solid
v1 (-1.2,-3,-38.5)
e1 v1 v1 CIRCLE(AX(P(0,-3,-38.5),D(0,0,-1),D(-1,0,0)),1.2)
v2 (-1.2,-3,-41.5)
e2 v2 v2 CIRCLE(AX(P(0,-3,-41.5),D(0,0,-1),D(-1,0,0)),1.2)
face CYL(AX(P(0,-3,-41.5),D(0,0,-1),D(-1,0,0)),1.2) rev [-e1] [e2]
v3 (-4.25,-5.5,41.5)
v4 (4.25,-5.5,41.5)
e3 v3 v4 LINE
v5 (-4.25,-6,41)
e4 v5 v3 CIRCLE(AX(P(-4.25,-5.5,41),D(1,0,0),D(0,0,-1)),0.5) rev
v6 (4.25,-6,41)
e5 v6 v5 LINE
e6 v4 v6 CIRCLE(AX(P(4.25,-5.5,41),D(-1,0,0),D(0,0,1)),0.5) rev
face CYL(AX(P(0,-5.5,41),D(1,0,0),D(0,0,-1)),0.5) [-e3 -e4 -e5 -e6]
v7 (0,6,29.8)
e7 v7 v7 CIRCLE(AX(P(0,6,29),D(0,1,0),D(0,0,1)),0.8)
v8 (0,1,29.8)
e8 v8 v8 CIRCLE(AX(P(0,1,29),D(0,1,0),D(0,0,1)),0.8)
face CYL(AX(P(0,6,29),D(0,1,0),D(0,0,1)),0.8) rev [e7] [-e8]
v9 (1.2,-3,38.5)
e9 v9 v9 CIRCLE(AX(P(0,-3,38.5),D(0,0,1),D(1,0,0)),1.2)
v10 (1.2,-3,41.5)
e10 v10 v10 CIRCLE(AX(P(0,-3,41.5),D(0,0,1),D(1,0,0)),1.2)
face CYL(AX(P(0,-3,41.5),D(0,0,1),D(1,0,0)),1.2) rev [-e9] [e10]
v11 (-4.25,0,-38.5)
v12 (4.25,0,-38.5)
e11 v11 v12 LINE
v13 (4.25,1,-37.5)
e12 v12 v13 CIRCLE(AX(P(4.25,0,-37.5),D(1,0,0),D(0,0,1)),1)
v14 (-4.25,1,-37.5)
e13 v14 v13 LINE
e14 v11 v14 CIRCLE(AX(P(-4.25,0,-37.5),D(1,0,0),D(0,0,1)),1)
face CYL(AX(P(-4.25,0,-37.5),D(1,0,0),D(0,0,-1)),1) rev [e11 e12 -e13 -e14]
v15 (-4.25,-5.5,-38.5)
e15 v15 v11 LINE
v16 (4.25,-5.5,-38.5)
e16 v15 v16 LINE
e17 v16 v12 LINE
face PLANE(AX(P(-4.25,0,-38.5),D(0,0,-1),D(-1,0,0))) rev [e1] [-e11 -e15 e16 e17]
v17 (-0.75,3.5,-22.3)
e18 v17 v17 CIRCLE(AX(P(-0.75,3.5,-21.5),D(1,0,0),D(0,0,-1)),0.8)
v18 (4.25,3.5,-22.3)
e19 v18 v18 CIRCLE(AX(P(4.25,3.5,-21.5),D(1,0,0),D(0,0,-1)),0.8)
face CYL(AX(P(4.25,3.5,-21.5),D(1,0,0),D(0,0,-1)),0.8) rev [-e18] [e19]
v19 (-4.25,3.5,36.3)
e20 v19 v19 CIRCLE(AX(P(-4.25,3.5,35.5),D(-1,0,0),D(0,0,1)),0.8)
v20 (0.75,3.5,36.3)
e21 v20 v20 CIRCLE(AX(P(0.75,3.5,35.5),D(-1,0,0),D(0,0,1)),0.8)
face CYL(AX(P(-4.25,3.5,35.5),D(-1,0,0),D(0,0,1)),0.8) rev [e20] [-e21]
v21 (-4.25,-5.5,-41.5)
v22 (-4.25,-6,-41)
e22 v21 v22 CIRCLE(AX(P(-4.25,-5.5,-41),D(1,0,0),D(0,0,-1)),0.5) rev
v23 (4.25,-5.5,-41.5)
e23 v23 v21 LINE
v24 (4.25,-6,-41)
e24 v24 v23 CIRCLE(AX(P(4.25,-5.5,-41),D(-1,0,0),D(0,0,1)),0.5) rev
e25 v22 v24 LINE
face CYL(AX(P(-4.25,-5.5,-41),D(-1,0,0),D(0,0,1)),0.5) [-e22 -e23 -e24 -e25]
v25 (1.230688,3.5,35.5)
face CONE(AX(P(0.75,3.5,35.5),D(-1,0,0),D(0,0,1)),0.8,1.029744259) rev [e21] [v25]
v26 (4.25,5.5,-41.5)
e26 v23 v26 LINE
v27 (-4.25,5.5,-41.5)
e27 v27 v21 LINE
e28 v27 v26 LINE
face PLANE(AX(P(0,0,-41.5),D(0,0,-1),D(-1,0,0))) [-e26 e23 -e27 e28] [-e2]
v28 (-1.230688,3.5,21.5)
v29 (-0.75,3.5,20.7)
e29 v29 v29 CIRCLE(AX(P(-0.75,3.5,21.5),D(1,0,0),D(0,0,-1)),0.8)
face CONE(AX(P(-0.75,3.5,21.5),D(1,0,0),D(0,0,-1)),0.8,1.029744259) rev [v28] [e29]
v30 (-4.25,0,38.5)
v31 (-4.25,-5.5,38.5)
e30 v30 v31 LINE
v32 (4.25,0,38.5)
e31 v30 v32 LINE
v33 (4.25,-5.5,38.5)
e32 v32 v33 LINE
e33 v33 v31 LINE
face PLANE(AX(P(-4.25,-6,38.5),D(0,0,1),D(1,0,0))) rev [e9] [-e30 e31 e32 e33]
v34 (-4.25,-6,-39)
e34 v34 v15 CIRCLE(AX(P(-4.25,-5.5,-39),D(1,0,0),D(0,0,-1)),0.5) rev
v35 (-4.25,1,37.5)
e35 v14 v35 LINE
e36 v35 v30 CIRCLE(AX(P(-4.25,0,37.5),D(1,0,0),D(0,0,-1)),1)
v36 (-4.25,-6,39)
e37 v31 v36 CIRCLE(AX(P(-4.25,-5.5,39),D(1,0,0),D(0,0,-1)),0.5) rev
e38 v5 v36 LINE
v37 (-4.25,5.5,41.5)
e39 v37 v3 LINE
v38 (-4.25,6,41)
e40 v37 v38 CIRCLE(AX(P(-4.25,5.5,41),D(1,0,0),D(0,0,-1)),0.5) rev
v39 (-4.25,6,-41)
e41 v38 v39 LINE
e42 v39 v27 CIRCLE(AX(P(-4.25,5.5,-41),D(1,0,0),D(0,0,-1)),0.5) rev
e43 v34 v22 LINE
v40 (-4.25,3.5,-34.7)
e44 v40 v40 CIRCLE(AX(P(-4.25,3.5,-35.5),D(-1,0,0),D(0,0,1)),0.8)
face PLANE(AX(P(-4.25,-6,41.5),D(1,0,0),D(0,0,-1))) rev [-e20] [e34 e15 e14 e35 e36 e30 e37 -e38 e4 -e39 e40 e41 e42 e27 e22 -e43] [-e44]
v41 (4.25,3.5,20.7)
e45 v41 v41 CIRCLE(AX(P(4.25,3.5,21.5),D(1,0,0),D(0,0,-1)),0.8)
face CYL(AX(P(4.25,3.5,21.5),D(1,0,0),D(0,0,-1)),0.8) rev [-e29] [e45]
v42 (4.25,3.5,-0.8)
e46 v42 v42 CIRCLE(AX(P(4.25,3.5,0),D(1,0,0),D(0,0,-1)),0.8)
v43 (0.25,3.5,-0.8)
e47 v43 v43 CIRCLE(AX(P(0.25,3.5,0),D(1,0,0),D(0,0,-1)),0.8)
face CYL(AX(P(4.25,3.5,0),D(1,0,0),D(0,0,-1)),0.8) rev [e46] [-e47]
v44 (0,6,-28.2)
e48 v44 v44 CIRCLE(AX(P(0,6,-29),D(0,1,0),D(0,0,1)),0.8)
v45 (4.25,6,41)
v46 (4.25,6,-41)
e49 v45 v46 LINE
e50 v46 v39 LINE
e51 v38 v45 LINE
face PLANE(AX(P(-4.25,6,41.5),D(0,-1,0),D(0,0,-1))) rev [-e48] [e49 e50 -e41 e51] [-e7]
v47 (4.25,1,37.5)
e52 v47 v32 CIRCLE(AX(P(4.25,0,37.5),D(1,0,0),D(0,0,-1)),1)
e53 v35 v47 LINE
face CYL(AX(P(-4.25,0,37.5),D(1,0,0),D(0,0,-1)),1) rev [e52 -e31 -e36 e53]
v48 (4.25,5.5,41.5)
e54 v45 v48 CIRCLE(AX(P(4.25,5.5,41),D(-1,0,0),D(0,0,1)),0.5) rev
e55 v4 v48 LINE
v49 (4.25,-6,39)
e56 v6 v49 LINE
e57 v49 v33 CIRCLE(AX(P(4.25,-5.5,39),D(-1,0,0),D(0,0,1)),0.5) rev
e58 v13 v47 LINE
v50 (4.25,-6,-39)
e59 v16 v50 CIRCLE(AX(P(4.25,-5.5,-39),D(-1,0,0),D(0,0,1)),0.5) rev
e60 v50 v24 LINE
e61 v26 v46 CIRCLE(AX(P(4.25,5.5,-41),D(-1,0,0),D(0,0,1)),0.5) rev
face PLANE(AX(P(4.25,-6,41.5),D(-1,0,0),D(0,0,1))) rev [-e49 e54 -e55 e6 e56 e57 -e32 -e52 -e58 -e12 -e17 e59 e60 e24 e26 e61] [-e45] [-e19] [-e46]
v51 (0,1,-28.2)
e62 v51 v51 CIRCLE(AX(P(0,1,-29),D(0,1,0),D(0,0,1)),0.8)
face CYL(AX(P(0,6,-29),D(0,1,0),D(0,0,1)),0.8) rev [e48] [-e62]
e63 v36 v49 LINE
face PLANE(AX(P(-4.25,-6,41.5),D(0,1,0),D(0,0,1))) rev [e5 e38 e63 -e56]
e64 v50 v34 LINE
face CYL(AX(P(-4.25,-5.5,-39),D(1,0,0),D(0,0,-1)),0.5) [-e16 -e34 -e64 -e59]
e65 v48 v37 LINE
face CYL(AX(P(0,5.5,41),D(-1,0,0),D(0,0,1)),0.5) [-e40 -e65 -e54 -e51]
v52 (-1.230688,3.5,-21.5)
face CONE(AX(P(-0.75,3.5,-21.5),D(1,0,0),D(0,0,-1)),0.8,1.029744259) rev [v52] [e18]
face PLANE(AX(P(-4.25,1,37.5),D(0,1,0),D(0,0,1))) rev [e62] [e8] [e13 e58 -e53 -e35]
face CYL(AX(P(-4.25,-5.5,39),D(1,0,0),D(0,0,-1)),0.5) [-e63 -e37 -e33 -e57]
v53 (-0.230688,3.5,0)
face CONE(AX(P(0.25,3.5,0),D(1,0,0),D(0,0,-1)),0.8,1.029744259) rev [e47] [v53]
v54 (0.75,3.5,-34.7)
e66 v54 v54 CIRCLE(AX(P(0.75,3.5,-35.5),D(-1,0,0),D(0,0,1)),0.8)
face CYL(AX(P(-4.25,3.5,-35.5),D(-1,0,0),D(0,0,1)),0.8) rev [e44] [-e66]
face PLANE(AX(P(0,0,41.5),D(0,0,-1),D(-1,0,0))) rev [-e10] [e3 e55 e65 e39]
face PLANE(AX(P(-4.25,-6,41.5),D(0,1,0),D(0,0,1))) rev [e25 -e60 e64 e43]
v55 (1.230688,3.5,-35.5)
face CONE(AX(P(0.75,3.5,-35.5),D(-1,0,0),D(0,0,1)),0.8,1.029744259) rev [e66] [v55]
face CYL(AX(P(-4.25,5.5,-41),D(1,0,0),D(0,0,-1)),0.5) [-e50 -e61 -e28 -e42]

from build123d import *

# Parameters (mm, degrees)
SKETCH1_W           = 8.5
SKETCH1_H           = 12
BOSS_EXTRUDE1_DEPTH = 41.5
CUT_EXTRUDE1_DEPTH  = 43.784342931
FILLET1_R           = 0.5
M2_HOLE1_R_D        = 1.6
M2_HOLE1_R_DEPTH    = 5
M2_HOLE1_R_TIP      = 0.480688495
M2_HOLE2_T_D        = 1.6
M2_HOLE2_T_DEPTH    = 4
M2_HOLE2_T_TIP      = 0.480688495
M2_HOLE3_U_D        = 2.4
M2_HOLE3_U_DEPTH    = 10
M2_HOLE3_U_TIP      = 0.721032743
M2_HOLE4_V_D        = 1.6
M2_HOLE5_W_D        = 1.6
M2_HOLE5_W_DEPTH    = 5
M2_HOLE5_W_TIP      = 0.480688495
M2_HOLE6_Y_D        = 2.4
M2_HOLE6_Y_DEPTH    = 10
M2_HOLE6_Y_TIP      = 0.721032743


with BuildPart() as part:
    # Sketch1 → Boss-Extrude1 (new, symmetric)
    with BuildSketch(Plane.XY):
        Rectangle(SKETCH1_W, SKETCH1_H)
    extrude(amount=BOSS_EXTRUDE1_DEPTH, both=True)

    # Sketch2 → Cut-Extrude1 (cut, through all)
    with BuildSketch(Plane(origin=(4.25, 0, 0), x_dir=(0, 0, -1), z_dir=(1, 0, 0))):
        with BuildLine():
            Line((-37.5, 1), (37.5, 1))
            ThreePointArc((37.5, 1), (38.207106781, 0.707106781), (38.5, 0))
            Line((38.5, 0), (38.5, -6))
            Line((38.5, -6), (-38.5, -6))
            Line((-38.5, -6), (-38.5, 0))
            ThreePointArc((-38.5, 0), (-38.207106781, 0.707106781), (-37.5, 1))
        make_face()
    extrude(amount=-CUT_EXTRUDE1_DEPTH, mode=Mode.SUBTRACT)

    # Fillet1
    fillet1_edges = [part.edges().sort_by_distance(p)[0] for p in [
        (0, -6, 41.5),
        (0, -6, -38.5),
        (0, -6, 38.5),
        (0, -6, -41.5),
        (0, 6, -41.5),
        (0, 6, 41.5),
    ]]
    fillet(fillet1_edges, radius=FILLET1_R)

    # M2 Hole1-R
    with Locations(Plane(origin=(4.25, 0, 0), x_dir=(0, 0, -1), z_dir=(1, 0, 0))):
        with Locations((21.5, 3.5), (-21.5, 3.5)):
            Hole(M2_HOLE1_R_D / 2, depth=M2_HOLE1_R_DEPTH)
            with Locations((0, 0, -(M2_HOLE1_R_DEPTH + M2_HOLE1_R_TIP / 2))):  # 118° drill point
                Cone(0, M2_HOLE1_R_D / 2, M2_HOLE1_R_TIP, mode=Mode.SUBTRACT)

    # M2 Hole2-T
    with Locations(Plane(origin=(4.25, 0, 0), x_dir=(0, 0, -1), z_dir=(1, 0, 0))):
        with Locations((0, 3.5)):
            Hole(M2_HOLE2_T_D / 2, depth=M2_HOLE2_T_DEPTH)
            with Locations((0, 0, -(M2_HOLE2_T_DEPTH + M2_HOLE2_T_TIP / 2))):  # 118° drill point
                Cone(0, M2_HOLE2_T_D / 2, M2_HOLE2_T_TIP, mode=Mode.SUBTRACT)

    # M2 Hole3-U
    with Locations(Plane.XY.offset(41.5)):
        with Locations((0, -3)):
            Hole(M2_HOLE3_U_D / 2, depth=M2_HOLE3_U_DEPTH)
            with Locations((0, 0, -(M2_HOLE3_U_DEPTH + M2_HOLE3_U_TIP / 2))):  # 118° drill point
                Cone(0, M2_HOLE3_U_D / 2, M2_HOLE3_U_TIP, mode=Mode.SUBTRACT)

    # M2 Hole4-V (through all)
    with Locations(Plane(origin=(0, 6, 0), x_dir=(1, 0, 0), z_dir=(0, 1, 0))):
        with Locations((0, 29), (0, -29)):
            Hole(M2_HOLE4_V_D / 2)

    # M2 Hole5-W
    with Locations(Plane.ZY.offset(4.25)):
        with Locations((-35.5, 3.5), (35.5, 3.5)):
            Hole(M2_HOLE5_W_D / 2, depth=M2_HOLE5_W_DEPTH)
            with Locations((0, 0, -(M2_HOLE5_W_DEPTH + M2_HOLE5_W_TIP / 2))):  # 118° drill point
                Cone(0, M2_HOLE5_W_D / 2, M2_HOLE5_W_TIP, mode=Mode.SUBTRACT)

    # M2 Hole6-Y
    with Locations(Plane(origin=(0, 0, -41.5), x_dir=(-1, 0, 0), z_dir=(0, 0, -1))):
        with Locations((0, -3)):
            Hole(M2_HOLE6_Y_D / 2, depth=M2_HOLE6_Y_DEPTH)
            with Locations((0, 0, -(M2_HOLE6_Y_DEPTH + M2_HOLE6_Y_TIP / 2))):  # 118° drill point
                Cone(0, M2_HOLE6_Y_D / 2, M2_HOLE6_Y_TIP, mode=Mode.SUBTRACT)


solid = part.part
